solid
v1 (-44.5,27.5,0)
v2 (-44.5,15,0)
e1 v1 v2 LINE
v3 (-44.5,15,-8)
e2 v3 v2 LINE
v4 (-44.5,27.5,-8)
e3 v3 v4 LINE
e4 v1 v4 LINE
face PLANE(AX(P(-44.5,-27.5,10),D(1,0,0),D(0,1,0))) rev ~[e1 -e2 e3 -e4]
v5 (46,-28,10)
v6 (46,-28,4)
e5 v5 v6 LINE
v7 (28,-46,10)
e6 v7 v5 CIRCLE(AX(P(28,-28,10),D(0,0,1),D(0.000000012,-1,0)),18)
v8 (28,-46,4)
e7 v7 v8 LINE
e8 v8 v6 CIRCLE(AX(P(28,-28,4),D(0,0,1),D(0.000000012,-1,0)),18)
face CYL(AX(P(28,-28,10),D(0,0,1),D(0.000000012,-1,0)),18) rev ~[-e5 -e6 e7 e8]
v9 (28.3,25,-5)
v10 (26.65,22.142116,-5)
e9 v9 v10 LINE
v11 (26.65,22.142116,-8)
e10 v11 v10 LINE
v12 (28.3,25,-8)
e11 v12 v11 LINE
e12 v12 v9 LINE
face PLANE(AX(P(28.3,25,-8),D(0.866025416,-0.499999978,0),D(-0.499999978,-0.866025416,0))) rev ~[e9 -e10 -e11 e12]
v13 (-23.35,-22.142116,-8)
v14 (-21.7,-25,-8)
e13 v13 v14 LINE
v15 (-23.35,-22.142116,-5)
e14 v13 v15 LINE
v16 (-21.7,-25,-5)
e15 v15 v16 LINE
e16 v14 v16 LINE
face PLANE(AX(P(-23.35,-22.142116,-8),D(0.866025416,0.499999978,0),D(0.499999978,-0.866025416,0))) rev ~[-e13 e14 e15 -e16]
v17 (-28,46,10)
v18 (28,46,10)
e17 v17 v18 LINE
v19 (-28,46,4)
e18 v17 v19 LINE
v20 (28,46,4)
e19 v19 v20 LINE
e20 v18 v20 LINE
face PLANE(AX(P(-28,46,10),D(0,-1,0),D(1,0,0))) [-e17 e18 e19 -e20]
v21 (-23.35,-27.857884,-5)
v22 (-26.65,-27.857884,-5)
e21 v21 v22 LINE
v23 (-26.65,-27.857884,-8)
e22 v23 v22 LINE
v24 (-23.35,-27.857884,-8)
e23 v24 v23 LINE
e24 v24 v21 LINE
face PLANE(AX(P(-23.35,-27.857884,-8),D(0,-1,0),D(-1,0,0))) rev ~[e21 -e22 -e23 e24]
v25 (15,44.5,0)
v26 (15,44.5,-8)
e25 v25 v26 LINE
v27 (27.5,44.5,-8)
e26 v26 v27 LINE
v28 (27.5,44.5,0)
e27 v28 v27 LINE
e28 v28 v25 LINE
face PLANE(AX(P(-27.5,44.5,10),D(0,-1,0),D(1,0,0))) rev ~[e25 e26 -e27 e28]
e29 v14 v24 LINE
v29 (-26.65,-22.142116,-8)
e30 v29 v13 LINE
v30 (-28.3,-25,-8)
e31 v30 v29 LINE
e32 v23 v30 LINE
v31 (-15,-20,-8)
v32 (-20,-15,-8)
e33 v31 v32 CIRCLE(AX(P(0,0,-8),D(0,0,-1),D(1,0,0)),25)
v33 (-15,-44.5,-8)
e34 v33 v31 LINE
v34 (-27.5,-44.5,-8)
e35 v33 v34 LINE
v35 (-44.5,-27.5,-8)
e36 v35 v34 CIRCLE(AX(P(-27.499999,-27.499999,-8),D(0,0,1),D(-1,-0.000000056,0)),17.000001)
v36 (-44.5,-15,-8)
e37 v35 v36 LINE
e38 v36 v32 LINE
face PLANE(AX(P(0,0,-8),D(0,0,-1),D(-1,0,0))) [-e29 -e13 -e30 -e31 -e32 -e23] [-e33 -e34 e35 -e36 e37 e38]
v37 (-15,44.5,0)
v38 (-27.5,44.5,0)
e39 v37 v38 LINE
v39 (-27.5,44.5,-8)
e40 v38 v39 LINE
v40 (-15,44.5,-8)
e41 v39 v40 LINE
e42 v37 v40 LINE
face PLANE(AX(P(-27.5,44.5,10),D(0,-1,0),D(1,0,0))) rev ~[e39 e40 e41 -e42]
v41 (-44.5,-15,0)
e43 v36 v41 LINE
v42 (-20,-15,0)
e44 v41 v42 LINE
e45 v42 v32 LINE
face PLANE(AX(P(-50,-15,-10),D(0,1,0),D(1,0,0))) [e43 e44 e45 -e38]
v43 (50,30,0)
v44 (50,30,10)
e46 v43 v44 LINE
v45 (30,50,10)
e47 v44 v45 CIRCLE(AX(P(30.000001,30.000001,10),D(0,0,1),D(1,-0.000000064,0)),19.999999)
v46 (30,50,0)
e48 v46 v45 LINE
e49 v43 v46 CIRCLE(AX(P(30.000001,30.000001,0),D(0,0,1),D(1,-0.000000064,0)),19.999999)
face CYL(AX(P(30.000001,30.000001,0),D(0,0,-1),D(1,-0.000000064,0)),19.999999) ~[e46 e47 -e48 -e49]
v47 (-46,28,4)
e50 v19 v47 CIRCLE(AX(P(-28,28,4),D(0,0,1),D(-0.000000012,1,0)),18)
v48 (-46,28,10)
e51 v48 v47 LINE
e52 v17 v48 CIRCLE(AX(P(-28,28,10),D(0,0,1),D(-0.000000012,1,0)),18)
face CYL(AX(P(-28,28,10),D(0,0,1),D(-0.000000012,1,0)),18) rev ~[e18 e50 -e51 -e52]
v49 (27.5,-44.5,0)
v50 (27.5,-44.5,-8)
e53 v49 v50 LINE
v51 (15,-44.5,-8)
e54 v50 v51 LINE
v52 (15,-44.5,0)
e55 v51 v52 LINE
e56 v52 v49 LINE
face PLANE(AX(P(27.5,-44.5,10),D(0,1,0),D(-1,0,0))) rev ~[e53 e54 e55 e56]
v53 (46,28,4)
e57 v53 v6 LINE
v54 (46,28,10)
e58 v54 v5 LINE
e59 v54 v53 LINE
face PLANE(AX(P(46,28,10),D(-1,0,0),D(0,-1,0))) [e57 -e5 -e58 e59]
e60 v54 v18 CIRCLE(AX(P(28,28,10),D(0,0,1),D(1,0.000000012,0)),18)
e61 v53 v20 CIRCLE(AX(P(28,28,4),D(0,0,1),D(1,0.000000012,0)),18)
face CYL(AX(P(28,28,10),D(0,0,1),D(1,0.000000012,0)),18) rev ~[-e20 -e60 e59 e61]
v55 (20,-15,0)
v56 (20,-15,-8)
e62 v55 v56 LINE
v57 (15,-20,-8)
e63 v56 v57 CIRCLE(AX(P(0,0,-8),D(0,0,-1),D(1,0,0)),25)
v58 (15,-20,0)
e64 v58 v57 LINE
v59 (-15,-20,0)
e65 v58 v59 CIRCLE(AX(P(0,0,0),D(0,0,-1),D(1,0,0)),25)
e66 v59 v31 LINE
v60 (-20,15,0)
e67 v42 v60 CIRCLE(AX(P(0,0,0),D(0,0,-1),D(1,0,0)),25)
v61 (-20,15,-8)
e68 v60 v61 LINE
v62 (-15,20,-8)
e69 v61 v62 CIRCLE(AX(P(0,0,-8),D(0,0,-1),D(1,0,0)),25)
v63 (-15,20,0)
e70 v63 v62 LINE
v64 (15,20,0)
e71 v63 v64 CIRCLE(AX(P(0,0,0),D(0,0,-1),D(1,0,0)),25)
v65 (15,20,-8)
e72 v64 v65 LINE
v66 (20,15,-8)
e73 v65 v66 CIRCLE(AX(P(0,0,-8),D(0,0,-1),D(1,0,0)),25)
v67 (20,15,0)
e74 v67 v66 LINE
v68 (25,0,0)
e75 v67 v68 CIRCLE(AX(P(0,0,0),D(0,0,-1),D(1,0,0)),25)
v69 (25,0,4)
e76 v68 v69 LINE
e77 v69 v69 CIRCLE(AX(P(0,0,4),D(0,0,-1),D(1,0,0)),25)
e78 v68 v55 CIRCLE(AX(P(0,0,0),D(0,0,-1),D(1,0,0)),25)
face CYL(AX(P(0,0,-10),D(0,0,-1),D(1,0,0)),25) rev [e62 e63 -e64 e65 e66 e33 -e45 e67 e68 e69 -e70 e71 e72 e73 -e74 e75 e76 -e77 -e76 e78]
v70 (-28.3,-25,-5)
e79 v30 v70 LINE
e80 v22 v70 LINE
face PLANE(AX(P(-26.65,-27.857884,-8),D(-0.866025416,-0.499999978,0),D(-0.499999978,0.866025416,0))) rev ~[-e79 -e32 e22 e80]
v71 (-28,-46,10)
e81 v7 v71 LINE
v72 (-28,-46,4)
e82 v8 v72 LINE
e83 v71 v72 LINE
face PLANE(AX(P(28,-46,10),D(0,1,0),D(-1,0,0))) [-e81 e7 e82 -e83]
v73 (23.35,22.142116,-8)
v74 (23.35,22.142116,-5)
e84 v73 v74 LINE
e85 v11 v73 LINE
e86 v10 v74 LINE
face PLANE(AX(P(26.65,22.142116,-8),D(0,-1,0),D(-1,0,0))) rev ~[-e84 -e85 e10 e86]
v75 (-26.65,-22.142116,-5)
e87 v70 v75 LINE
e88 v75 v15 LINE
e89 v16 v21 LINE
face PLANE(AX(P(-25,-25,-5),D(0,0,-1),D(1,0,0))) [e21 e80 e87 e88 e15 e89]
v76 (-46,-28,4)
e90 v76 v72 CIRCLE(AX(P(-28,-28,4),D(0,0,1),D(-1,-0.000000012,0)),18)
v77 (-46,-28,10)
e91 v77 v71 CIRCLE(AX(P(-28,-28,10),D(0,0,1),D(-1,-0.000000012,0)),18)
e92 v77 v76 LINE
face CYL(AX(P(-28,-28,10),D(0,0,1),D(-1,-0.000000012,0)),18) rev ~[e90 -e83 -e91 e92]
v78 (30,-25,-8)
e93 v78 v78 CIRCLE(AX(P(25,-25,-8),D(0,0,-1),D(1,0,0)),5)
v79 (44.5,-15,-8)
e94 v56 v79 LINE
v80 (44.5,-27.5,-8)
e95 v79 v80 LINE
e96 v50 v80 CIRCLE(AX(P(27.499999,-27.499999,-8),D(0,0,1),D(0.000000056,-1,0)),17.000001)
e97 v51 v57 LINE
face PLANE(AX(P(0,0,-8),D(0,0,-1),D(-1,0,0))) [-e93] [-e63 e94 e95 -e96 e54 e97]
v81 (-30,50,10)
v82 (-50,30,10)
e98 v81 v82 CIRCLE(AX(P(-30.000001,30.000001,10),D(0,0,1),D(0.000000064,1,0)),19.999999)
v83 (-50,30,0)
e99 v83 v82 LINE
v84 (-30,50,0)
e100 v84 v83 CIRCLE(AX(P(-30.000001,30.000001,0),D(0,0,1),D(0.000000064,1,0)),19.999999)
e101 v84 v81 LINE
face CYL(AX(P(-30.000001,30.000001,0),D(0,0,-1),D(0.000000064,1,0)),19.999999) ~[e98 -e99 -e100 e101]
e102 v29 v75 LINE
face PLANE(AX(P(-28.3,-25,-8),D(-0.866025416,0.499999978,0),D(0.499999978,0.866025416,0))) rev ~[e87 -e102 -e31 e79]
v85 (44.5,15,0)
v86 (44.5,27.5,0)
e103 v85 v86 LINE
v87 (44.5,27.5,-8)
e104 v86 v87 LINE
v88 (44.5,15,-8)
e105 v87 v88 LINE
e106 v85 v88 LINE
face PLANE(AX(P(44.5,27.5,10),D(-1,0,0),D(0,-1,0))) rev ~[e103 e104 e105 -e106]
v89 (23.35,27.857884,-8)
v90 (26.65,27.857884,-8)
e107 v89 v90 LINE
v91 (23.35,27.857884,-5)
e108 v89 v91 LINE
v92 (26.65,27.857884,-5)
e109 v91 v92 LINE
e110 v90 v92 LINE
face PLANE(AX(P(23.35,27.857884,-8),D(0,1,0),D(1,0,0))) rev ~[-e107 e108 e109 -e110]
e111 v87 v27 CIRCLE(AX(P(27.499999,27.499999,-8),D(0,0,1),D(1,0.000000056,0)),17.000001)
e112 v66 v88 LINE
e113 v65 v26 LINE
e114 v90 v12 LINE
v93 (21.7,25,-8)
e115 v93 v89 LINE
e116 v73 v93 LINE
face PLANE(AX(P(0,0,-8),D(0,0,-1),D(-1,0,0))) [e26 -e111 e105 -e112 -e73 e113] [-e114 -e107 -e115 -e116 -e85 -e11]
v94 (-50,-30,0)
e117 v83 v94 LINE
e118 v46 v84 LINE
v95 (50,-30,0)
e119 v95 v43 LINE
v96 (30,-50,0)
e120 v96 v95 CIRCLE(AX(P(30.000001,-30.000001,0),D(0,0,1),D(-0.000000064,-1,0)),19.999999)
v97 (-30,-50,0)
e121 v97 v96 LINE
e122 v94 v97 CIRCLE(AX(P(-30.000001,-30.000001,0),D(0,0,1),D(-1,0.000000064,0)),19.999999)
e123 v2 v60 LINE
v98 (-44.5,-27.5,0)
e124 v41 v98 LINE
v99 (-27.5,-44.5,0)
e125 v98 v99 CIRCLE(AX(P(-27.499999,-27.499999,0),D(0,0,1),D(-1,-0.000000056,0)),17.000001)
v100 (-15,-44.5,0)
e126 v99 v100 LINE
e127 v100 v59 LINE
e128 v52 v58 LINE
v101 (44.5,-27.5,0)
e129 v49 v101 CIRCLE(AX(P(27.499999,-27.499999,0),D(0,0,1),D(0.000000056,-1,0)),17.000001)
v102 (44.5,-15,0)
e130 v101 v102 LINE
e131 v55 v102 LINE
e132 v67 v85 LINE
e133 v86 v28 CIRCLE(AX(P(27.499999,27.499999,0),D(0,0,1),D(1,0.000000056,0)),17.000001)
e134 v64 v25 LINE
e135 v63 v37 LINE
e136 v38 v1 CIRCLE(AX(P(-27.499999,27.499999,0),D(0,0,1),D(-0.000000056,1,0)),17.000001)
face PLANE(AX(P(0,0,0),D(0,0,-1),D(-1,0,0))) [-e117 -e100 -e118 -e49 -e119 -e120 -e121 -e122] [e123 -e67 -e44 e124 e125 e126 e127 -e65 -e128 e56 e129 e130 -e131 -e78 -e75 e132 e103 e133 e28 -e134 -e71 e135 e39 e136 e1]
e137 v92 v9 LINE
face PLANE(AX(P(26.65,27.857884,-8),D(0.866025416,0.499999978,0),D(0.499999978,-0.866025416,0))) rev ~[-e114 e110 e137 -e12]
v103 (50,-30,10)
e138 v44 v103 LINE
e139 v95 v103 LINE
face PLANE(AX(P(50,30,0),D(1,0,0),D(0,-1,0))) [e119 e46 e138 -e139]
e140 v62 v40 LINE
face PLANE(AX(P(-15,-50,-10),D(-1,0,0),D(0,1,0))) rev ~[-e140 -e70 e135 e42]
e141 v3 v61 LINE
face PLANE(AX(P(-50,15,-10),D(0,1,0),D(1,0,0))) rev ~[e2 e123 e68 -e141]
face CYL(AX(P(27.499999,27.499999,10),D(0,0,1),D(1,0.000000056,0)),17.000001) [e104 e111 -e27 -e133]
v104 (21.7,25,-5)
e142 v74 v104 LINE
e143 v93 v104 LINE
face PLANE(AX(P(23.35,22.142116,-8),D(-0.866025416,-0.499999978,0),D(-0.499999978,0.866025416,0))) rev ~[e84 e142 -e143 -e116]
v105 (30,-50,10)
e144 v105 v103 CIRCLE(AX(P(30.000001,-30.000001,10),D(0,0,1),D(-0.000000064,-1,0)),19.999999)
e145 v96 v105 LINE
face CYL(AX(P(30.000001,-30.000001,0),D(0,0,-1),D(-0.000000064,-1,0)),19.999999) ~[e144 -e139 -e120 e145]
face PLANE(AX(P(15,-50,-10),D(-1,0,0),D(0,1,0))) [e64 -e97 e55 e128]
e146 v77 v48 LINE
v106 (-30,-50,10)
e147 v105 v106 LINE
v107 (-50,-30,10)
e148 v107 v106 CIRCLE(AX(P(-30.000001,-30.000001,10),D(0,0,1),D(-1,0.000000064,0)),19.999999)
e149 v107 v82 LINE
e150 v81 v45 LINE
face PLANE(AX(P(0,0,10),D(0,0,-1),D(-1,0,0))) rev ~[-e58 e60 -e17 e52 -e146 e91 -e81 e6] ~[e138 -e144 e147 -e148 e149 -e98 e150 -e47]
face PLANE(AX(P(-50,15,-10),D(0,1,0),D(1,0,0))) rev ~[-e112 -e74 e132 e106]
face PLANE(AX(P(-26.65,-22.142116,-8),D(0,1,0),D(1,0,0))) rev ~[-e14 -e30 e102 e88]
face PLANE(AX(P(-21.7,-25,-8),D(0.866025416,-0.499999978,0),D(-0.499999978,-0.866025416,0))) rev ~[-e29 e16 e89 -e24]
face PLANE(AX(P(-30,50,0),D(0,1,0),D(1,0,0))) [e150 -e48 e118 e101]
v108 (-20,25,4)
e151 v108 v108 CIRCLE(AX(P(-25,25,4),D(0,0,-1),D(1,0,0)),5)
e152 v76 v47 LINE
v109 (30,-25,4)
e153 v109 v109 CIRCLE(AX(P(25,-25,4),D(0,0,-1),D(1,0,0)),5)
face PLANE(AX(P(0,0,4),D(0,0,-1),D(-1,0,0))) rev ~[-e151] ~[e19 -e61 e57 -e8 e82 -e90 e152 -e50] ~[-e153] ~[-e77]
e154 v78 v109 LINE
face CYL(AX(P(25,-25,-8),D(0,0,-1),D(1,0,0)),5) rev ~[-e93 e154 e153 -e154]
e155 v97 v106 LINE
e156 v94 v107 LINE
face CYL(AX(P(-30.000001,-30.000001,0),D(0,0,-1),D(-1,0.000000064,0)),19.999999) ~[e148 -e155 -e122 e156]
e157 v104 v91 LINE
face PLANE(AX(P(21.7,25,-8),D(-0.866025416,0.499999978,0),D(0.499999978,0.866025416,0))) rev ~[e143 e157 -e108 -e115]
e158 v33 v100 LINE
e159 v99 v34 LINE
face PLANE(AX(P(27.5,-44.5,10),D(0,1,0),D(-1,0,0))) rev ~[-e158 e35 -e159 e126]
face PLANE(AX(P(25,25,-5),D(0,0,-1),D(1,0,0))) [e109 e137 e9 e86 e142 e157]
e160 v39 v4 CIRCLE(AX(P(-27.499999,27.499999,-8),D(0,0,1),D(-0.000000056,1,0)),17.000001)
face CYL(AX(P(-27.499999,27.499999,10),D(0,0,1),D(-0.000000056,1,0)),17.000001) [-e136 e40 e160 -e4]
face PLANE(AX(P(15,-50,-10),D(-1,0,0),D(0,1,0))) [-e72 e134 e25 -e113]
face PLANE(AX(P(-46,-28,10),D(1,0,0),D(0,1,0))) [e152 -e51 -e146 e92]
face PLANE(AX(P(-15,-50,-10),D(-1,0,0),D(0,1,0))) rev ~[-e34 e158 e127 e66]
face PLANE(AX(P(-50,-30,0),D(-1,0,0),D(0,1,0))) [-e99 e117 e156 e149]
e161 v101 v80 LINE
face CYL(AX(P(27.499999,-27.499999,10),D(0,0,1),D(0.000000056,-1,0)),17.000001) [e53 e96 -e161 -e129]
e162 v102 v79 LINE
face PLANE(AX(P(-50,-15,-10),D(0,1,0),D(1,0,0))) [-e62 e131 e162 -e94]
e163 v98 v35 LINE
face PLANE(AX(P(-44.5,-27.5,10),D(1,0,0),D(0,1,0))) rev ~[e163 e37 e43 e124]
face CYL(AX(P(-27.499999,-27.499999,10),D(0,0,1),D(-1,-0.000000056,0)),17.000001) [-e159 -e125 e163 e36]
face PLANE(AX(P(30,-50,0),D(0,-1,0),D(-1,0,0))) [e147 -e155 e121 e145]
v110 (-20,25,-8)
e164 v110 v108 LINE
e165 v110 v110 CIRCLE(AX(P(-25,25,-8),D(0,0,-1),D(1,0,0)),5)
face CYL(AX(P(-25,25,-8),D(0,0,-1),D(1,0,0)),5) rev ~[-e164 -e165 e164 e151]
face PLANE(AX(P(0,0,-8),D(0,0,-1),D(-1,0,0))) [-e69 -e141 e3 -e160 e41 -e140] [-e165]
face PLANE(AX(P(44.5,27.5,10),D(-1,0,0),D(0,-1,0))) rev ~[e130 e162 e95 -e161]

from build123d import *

# Parameters (mm, degrees)
BOX_W           = 30
BOX_H           = 100
BOX_DEPTH       = 10
BOX001_W        = 100
BOX001_H        = 30
BOX001_DEPTH    = 10
CYLINDER_R      = 25
CYLINDER_DEPTH  = 22
PAD_DEPTH       = 10
PAD001_DEPTH    = 18
POCKET_DEPTH    = 6
POCKET001_DEPTH = 3
COPYSKETCH005_R = 5
POCKET002_DEPTH = 18.001


with BuildPart() as cubo:
    # Box → Box (new body)
    with BuildSketch(Plane(origin=(-15, -50, -10), x_dir=(1, 0, 0), z_dir=(0, 0, 1))):
        with Locations((15, 50)):
            Rectangle(BOX_W, BOX_H)
    extrude(amount=BOX_DEPTH)


with BuildPart() as cubo001:
    # Box001 → Box001 (new body)
    with BuildSketch(Plane(origin=(-50, -15, -10), x_dir=(1, 0, 0), z_dir=(0, 0, 1))):
        with Locations((50, 15)):
            Rectangle(BOX001_W, BOX001_H)
    extrude(amount=BOX001_DEPTH)


with BuildPart() as fusion:
    # Cylinder → Cylinder (new body)
    with BuildSketch(Plane.XY.offset(-10)):
        Circle(CYLINDER_R)
    extrude(amount=CYLINDER_DEPTH)

    # Fusion: union Cubo, Cubo001
    add(cubo.part)
    add(cubo001.part)


with BuildPart() as cut:
    # Sketch → Pad (new body)
    with BuildSketch(Plane.XY):
        with BuildLine():
            Line((-30, 50), (30, 50))
            ThreePointArc((50, 30), (44.142136, 44.142136), (30, 50))
            Line((50, 30), (50, -30))
            ThreePointArc((30, -50), (44.142136, -44.142136), (50, -30))
            Line((30, -50), (-30, -50))
            ThreePointArc((-50, -30), (-44.142136, -44.142136), (-30, -50))
            Line((-50, -30), (-50, 30))
            ThreePointArc((-30, 50), (-44.142136, 44.142136), (-50, 30))
        make_face()
    extrude(amount=PAD_DEPTH)

    # Sketch001 (on Face10 of Pad) → Pad001 (join)
    with BuildSketch(Plane.XY.offset(10)):
        with BuildLine():
            Line((-27.5, 44.5), (27.5, 44.5))
            ThreePointArc((44.5, 27.5), (39.520815, 39.520815), (27.5, 44.5))
            Line((44.5, 27.5), (44.5, -27.5))
            ThreePointArc((27.5, -44.5), (39.520815, -39.520815), (44.5, -27.5))
            Line((27.5, -44.5), (-27.5, -44.5))
            ThreePointArc((-44.5, -27.5), (-39.520815, -39.520815), (-27.5, -44.5))
            Line((-44.5, -27.5), (-44.5, 27.5))
            ThreePointArc((-27.5, 44.5), (-39.520815, 39.520815), (-44.5, 27.5))
        make_face()
    extrude(amount=-PAD001_DEPTH)

    # CopySketch003 → Pocket (cut)
    with BuildSketch(Plane.XY.offset(10)):
        with BuildLine():
            Line((-28, 46), (28, 46))
            ThreePointArc((46, 28), (40.727922, 40.727922), (28, 46))
            Line((46, 28), (46, -28))
            ThreePointArc((28, -46), (40.727922, -40.727922), (46, -28))
            Line((28, -46), (-28, -46))
            ThreePointArc((-46, -28), (-40.727922, -40.727922), (-28, -46))
            Line((-46, -28), (-46, 28))
            ThreePointArc((-28, 46), (-40.727922, 40.727922), (-46, 28))
        make_face()
    extrude(amount=-POCKET_DEPTH, mode=Mode.SUBTRACT)

    # Sketch002 (on Face27 of Pocket) → Pocket001 (cut)
    with BuildSketch(Plane(origin=(0, 0, -8), x_dir=(1, 0, 0), z_dir=(0, 0, -1))):
        Polygon((-23.35, 22.142116), (-21.7, 25), (-23.35, 27.857884), (-26.65, 27.857884), (-28.3, 25), (-26.65, 22.142116), align=None)
        Polygon((28.3, -25), (26.65, -22.142116), (23.35, -22.142116), (21.7, -25), (23.35, -27.857884), (26.65, -27.857884), align=None)
    extrude(amount=-POCKET001_DEPTH, mode=Mode.SUBTRACT)

    # CopySketch005 → Pocket002 (cut, through all)
    with BuildSketch(Plane(origin=(0, 0, -8), x_dir=(1, 0, 0), z_dir=(0, 0, -1))):
        with Locations((25, 25)):
            Circle(COPYSKETCH005_R)
        with Locations((-25, -25)):
            Circle(COPYSKETCH005_R)
    extrude(amount=-POCKET002_DEPTH, mode=Mode.SUBTRACT)

    # Cut: cut Fusion
    add(fusion.part, mode=Mode.SUBTRACT)


solid = cut.part
